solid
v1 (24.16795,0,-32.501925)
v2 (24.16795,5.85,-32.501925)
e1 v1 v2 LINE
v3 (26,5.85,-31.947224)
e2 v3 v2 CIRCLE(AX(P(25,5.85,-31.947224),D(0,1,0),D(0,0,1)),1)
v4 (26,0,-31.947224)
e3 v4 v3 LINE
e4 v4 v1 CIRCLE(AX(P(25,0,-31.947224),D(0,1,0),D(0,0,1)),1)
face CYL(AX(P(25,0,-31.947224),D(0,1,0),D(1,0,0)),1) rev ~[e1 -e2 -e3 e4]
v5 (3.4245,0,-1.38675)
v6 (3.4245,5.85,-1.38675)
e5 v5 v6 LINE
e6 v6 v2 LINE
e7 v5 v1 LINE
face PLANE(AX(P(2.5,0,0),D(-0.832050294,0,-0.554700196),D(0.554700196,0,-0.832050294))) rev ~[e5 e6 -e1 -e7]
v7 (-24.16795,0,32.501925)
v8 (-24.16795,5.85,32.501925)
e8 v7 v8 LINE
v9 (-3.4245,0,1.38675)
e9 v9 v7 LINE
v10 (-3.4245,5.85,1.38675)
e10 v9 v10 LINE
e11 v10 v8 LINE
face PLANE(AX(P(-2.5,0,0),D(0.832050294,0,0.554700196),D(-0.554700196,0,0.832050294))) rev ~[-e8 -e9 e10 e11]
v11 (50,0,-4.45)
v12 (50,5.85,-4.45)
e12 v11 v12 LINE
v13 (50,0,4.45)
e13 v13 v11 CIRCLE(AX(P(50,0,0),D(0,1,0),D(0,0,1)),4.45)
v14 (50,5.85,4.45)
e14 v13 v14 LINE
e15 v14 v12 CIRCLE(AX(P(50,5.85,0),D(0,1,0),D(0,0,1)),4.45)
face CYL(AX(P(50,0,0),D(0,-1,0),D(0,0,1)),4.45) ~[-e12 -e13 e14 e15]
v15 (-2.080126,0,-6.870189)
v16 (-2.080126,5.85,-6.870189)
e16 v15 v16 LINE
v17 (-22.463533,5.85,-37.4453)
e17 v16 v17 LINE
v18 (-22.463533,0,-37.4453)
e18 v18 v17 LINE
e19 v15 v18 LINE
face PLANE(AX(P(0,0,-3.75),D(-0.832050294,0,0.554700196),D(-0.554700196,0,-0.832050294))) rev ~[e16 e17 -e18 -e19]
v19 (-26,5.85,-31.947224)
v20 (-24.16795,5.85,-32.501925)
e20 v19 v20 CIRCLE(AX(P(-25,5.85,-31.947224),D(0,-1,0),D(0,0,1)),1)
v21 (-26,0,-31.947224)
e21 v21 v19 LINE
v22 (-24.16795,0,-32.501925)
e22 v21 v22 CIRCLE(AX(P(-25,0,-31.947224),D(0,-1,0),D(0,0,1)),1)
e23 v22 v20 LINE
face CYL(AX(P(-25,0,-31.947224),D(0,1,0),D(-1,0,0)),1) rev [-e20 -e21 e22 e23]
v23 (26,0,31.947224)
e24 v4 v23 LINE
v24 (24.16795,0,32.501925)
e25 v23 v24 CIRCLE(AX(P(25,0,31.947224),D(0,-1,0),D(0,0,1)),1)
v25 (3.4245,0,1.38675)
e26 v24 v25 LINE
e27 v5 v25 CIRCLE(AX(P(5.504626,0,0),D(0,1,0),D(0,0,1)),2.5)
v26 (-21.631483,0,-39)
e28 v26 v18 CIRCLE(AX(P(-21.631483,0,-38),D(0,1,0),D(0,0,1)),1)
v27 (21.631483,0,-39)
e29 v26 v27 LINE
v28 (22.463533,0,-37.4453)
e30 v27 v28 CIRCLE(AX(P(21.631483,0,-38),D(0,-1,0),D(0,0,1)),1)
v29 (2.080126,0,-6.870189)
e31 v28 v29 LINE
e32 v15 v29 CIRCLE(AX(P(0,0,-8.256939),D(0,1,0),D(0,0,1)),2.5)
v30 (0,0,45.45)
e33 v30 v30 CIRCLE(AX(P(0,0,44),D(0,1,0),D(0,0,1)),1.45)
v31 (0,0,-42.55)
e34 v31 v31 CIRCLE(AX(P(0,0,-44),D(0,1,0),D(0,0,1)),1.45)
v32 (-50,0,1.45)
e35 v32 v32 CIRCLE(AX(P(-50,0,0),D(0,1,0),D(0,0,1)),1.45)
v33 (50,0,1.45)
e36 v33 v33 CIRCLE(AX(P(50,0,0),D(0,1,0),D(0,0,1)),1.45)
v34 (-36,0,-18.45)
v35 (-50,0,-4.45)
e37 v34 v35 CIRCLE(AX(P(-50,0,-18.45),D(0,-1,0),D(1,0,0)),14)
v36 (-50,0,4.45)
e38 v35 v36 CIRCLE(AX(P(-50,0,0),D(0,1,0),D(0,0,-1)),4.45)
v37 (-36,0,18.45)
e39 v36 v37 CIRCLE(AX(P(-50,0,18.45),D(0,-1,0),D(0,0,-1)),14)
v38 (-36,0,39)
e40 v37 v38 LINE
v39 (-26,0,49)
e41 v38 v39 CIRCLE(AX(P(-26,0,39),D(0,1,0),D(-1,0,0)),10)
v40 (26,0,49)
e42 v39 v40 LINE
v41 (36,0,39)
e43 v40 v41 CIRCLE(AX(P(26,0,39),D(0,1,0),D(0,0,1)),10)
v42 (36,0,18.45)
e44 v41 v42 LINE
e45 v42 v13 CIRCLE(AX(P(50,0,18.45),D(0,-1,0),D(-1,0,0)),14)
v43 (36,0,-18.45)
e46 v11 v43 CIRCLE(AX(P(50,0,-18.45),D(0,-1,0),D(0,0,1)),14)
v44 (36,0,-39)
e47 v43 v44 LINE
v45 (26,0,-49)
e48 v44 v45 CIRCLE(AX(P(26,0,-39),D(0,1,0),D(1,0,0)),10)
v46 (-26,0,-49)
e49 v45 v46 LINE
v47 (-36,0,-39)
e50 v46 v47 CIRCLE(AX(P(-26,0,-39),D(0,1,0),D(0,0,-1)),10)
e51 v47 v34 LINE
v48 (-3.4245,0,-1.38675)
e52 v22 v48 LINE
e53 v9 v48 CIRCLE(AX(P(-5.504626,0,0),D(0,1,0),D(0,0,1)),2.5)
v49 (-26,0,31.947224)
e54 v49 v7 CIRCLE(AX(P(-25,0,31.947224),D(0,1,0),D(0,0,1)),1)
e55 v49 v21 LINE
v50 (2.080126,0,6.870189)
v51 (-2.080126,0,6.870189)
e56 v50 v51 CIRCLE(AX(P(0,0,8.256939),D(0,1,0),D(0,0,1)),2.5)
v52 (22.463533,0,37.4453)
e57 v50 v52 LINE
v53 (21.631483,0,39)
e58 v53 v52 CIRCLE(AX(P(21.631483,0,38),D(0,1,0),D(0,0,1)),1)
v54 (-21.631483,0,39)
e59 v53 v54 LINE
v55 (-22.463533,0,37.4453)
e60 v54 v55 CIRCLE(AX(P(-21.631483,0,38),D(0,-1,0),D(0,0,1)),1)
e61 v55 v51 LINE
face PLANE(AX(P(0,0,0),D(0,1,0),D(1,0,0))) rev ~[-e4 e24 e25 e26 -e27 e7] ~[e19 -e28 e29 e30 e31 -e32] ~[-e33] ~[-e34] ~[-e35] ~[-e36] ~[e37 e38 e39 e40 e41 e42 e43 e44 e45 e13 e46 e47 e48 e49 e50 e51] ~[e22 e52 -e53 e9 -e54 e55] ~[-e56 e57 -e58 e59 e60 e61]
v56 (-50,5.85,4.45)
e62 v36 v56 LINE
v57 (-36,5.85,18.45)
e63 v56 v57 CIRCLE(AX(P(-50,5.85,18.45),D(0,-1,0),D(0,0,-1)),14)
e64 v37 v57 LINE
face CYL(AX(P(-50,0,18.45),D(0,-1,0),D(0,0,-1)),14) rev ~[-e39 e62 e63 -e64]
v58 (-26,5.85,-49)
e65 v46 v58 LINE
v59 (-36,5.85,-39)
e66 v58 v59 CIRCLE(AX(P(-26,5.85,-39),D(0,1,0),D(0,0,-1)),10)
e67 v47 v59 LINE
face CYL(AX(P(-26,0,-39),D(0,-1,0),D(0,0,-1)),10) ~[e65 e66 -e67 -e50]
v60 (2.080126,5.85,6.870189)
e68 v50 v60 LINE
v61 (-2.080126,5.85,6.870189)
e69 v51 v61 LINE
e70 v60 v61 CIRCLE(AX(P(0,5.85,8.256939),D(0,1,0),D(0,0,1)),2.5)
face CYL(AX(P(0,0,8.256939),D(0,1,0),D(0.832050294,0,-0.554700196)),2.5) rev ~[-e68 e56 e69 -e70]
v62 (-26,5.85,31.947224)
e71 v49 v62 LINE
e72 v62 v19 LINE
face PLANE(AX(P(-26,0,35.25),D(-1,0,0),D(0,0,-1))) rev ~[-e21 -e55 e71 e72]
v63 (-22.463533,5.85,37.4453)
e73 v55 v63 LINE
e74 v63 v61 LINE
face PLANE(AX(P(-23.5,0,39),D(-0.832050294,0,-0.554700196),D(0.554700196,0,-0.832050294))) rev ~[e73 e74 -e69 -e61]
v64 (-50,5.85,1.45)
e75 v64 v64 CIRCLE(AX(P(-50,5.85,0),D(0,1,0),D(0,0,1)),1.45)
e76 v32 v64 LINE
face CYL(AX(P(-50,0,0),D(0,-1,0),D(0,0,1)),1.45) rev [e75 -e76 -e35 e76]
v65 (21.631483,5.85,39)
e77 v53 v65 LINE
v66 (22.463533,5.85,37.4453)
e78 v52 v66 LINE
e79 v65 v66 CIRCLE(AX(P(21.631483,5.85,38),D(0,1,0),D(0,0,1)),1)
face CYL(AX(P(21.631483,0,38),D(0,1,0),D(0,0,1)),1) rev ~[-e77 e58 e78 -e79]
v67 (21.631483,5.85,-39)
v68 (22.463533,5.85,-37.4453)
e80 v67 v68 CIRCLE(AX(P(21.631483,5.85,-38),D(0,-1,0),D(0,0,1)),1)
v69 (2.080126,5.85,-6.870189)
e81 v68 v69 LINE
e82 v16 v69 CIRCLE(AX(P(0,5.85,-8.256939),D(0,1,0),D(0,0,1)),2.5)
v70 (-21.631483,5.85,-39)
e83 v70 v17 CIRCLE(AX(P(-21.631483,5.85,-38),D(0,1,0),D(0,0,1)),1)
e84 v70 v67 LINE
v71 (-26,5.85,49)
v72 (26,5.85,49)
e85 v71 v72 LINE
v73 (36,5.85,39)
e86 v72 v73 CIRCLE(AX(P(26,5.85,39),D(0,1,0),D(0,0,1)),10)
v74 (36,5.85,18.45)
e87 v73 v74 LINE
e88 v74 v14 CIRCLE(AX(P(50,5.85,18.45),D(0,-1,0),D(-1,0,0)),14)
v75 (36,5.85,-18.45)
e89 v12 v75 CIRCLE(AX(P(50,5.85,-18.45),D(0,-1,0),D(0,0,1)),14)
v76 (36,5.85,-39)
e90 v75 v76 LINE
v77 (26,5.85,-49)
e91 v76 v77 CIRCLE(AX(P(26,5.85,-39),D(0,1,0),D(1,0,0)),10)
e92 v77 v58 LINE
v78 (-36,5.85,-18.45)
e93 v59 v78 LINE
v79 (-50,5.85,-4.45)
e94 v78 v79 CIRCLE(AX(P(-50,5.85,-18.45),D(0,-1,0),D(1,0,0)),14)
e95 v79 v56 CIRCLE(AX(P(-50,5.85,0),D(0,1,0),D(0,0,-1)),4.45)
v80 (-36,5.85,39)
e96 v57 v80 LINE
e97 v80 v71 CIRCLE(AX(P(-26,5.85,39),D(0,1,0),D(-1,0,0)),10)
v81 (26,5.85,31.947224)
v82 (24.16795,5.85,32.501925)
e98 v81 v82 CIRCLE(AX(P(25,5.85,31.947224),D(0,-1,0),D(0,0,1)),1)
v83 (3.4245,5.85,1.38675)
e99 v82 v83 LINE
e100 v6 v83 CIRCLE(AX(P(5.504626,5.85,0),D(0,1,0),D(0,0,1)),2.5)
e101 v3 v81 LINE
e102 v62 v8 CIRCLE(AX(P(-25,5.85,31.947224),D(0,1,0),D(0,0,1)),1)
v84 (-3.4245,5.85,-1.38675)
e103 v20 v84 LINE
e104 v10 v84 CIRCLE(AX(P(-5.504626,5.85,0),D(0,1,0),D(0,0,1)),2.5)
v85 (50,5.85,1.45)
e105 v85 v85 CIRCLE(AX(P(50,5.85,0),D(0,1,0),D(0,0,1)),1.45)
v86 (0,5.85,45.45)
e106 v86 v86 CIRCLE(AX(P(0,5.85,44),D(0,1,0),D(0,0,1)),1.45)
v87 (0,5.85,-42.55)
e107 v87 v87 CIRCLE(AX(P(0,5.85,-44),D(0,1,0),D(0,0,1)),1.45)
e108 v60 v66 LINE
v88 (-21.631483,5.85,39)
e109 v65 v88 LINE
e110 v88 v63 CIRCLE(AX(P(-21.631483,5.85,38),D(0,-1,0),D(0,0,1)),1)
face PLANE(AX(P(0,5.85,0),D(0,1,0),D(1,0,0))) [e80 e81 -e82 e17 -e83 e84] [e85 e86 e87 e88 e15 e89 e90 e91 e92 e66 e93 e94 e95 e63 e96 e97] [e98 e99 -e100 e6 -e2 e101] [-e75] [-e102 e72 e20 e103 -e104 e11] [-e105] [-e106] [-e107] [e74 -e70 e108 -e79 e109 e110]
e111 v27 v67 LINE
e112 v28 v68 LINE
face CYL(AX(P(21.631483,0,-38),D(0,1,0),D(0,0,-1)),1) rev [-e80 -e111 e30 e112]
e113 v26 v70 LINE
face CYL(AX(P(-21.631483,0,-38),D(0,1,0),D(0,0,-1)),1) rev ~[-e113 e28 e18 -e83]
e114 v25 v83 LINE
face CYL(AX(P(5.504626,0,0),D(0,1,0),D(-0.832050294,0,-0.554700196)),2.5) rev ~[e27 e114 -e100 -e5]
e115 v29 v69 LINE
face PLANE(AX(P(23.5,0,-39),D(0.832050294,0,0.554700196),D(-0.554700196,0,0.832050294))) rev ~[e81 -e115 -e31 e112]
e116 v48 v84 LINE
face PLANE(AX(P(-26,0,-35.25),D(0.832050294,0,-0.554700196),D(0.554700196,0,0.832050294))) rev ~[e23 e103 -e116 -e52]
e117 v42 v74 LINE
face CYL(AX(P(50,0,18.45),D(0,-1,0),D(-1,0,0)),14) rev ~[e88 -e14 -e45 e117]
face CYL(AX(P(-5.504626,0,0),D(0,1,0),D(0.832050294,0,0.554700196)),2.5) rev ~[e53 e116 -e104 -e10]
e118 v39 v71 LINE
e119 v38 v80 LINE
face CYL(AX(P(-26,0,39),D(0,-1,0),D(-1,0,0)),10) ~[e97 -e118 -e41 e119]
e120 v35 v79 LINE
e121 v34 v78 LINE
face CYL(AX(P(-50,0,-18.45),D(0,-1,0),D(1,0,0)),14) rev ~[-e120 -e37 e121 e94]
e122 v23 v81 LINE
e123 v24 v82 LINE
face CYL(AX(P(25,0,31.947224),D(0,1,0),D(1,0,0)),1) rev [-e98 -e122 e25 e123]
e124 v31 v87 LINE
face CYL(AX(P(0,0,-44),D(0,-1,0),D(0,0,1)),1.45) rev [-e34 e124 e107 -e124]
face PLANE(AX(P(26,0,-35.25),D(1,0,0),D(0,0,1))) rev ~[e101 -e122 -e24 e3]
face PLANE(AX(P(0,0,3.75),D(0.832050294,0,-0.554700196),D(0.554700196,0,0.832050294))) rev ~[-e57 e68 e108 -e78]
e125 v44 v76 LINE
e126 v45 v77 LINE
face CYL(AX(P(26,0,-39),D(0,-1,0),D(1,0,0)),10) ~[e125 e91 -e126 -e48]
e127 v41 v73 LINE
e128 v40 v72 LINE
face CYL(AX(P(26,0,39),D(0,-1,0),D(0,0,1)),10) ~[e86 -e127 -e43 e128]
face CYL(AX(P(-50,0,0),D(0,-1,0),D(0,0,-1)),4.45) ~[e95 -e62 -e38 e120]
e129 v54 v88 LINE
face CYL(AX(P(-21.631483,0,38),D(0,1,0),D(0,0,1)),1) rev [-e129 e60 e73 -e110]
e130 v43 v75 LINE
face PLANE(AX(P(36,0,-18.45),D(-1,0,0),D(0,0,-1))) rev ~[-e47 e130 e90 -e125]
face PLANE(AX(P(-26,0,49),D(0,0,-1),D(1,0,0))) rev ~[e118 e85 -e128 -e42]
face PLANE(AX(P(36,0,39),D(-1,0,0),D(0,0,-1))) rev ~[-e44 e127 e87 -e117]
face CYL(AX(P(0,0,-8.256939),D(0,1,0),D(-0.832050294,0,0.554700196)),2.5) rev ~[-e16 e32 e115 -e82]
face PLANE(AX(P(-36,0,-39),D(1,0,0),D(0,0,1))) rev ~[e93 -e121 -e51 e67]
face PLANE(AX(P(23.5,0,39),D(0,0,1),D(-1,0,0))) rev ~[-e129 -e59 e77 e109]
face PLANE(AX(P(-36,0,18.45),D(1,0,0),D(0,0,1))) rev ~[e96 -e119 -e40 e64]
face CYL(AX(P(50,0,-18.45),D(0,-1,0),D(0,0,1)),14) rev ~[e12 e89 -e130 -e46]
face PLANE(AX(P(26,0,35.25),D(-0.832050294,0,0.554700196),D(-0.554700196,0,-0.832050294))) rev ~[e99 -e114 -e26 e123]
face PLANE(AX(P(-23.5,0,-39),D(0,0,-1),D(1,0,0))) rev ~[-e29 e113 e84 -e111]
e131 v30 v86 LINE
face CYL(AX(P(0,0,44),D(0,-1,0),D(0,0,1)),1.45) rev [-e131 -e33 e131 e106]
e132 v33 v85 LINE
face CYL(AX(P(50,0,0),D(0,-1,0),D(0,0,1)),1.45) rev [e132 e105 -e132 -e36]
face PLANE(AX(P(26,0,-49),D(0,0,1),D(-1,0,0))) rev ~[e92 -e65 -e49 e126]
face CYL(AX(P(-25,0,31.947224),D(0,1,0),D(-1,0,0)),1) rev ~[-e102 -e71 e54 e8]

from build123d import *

# Parameters (mm, degrees)
SKETCH1_R           = 1.45
BOSS_EXTRUDE1_DEPTH = 5.85
FILLET1_R           = 1
FILLET2_R           = 2.5


with BuildPart() as part:
    # Sketch1 → Boss-Extrude1 (new body)
    with BuildSketch(Plane(origin=(0, 0, 0), x_dir=(1, 0, 0), z_dir=(0, 1, 0))):
        with BuildLine():
            ThreePointArc((-26, 49), (-33.071067812, 46.071067812), (-36, 39))
            Line((-36, 39), (-36, 18.45))
            ThreePointArc((-36, 18.45), (-40.100505063, 8.550505063), (-50, 4.45))
            ThreePointArc((-50, 4.45), (-54.45, 0), (-50, -4.45))
            ThreePointArc((-50, -4.45), (-40.100505063, -8.550505063), (-36, -18.45))
            Line((-36, -18.45), (-36, -39))
            ThreePointArc((-36, -39), (-33.071067812, -46.071067812), (-26, -49))
            Line((-26, -49), (26, -49))
            ThreePointArc((26, -49), (33.071067812, -46.071067812), (36, -39))
            Line((36, -39), (36, -18.45))
            ThreePointArc((36, -18.45), (40.100505063, -8.550505063), (50, -4.45))
            ThreePointArc((50, -4.45), (54.45, 0), (50, 4.45))
            ThreePointArc((50, 4.45), (40.100505063, 8.550505063), (36, 18.45))
            Line((36, 18.45), (36, 39))
            ThreePointArc((36, 39), (33.071067812, 46.071067812), (26, 49))
            Line((26, 49), (-26, 49))
        make_face()
        Polygon((-23.5, -39), (0, -3.75), (23.5, -39), align=None, mode=Mode.SUBTRACT)
        Polygon((26, -35.25), (2.5, 0), (26, 35.25), align=None, mode=Mode.SUBTRACT)
        Polygon((23.5, 39), (0, 3.75), (-23.5, 39), align=None, mode=Mode.SUBTRACT)
        Polygon((-26, 35.25), (-2.5, 0), (-26, -35.25), align=None, mode=Mode.SUBTRACT)
        with Locations(Location((-50, 0, 0), (0, 0, 270))):
            Circle(SKETCH1_R, mode=Mode.SUBTRACT)
        with Locations(Location((0, 44, 0), (0, 0, 270))):
            Circle(SKETCH1_R, mode=Mode.SUBTRACT)
        with Locations(Location((50, 0, 0), (0, 0, 270))):
            Circle(SKETCH1_R, mode=Mode.SUBTRACT)
        with Locations(Location((0, -44, 0), (0, 0, 270))):
            Circle(SKETCH1_R, mode=Mode.SUBTRACT)
    extrude(amount=BOSS_EXTRUDE1_DEPTH)

    # Fillet1
    fillet1_edges = [part.edges().sort_by_distance(p)[0] for p in [
        (-23.5, 2.925, 39),
        (23.5, 2.925, 39),
        (23.5, 2.925, -39),
        (-23.5, 2.925, -39),
        (26, 2.925, 35.25),
        (26, 2.925, -35.25),
        (-26, 2.925, -35.25),
        (-26, 2.925, 35.25),
    ]]
    fillet(fillet1_edges, radius=FILLET1_R)

    # Fillet2
    fillet2_edges = [part.edges().sort_by_distance(p)[0] for p in [
        (0, 2.925, 3.75),
        (0, 2.925, -3.75),
        (2.5, 2.925, 0),
        (-2.5, 2.925, 0),
    ]]
    fillet(fillet2_edges, radius=FILLET2_R)


solid = part.part
